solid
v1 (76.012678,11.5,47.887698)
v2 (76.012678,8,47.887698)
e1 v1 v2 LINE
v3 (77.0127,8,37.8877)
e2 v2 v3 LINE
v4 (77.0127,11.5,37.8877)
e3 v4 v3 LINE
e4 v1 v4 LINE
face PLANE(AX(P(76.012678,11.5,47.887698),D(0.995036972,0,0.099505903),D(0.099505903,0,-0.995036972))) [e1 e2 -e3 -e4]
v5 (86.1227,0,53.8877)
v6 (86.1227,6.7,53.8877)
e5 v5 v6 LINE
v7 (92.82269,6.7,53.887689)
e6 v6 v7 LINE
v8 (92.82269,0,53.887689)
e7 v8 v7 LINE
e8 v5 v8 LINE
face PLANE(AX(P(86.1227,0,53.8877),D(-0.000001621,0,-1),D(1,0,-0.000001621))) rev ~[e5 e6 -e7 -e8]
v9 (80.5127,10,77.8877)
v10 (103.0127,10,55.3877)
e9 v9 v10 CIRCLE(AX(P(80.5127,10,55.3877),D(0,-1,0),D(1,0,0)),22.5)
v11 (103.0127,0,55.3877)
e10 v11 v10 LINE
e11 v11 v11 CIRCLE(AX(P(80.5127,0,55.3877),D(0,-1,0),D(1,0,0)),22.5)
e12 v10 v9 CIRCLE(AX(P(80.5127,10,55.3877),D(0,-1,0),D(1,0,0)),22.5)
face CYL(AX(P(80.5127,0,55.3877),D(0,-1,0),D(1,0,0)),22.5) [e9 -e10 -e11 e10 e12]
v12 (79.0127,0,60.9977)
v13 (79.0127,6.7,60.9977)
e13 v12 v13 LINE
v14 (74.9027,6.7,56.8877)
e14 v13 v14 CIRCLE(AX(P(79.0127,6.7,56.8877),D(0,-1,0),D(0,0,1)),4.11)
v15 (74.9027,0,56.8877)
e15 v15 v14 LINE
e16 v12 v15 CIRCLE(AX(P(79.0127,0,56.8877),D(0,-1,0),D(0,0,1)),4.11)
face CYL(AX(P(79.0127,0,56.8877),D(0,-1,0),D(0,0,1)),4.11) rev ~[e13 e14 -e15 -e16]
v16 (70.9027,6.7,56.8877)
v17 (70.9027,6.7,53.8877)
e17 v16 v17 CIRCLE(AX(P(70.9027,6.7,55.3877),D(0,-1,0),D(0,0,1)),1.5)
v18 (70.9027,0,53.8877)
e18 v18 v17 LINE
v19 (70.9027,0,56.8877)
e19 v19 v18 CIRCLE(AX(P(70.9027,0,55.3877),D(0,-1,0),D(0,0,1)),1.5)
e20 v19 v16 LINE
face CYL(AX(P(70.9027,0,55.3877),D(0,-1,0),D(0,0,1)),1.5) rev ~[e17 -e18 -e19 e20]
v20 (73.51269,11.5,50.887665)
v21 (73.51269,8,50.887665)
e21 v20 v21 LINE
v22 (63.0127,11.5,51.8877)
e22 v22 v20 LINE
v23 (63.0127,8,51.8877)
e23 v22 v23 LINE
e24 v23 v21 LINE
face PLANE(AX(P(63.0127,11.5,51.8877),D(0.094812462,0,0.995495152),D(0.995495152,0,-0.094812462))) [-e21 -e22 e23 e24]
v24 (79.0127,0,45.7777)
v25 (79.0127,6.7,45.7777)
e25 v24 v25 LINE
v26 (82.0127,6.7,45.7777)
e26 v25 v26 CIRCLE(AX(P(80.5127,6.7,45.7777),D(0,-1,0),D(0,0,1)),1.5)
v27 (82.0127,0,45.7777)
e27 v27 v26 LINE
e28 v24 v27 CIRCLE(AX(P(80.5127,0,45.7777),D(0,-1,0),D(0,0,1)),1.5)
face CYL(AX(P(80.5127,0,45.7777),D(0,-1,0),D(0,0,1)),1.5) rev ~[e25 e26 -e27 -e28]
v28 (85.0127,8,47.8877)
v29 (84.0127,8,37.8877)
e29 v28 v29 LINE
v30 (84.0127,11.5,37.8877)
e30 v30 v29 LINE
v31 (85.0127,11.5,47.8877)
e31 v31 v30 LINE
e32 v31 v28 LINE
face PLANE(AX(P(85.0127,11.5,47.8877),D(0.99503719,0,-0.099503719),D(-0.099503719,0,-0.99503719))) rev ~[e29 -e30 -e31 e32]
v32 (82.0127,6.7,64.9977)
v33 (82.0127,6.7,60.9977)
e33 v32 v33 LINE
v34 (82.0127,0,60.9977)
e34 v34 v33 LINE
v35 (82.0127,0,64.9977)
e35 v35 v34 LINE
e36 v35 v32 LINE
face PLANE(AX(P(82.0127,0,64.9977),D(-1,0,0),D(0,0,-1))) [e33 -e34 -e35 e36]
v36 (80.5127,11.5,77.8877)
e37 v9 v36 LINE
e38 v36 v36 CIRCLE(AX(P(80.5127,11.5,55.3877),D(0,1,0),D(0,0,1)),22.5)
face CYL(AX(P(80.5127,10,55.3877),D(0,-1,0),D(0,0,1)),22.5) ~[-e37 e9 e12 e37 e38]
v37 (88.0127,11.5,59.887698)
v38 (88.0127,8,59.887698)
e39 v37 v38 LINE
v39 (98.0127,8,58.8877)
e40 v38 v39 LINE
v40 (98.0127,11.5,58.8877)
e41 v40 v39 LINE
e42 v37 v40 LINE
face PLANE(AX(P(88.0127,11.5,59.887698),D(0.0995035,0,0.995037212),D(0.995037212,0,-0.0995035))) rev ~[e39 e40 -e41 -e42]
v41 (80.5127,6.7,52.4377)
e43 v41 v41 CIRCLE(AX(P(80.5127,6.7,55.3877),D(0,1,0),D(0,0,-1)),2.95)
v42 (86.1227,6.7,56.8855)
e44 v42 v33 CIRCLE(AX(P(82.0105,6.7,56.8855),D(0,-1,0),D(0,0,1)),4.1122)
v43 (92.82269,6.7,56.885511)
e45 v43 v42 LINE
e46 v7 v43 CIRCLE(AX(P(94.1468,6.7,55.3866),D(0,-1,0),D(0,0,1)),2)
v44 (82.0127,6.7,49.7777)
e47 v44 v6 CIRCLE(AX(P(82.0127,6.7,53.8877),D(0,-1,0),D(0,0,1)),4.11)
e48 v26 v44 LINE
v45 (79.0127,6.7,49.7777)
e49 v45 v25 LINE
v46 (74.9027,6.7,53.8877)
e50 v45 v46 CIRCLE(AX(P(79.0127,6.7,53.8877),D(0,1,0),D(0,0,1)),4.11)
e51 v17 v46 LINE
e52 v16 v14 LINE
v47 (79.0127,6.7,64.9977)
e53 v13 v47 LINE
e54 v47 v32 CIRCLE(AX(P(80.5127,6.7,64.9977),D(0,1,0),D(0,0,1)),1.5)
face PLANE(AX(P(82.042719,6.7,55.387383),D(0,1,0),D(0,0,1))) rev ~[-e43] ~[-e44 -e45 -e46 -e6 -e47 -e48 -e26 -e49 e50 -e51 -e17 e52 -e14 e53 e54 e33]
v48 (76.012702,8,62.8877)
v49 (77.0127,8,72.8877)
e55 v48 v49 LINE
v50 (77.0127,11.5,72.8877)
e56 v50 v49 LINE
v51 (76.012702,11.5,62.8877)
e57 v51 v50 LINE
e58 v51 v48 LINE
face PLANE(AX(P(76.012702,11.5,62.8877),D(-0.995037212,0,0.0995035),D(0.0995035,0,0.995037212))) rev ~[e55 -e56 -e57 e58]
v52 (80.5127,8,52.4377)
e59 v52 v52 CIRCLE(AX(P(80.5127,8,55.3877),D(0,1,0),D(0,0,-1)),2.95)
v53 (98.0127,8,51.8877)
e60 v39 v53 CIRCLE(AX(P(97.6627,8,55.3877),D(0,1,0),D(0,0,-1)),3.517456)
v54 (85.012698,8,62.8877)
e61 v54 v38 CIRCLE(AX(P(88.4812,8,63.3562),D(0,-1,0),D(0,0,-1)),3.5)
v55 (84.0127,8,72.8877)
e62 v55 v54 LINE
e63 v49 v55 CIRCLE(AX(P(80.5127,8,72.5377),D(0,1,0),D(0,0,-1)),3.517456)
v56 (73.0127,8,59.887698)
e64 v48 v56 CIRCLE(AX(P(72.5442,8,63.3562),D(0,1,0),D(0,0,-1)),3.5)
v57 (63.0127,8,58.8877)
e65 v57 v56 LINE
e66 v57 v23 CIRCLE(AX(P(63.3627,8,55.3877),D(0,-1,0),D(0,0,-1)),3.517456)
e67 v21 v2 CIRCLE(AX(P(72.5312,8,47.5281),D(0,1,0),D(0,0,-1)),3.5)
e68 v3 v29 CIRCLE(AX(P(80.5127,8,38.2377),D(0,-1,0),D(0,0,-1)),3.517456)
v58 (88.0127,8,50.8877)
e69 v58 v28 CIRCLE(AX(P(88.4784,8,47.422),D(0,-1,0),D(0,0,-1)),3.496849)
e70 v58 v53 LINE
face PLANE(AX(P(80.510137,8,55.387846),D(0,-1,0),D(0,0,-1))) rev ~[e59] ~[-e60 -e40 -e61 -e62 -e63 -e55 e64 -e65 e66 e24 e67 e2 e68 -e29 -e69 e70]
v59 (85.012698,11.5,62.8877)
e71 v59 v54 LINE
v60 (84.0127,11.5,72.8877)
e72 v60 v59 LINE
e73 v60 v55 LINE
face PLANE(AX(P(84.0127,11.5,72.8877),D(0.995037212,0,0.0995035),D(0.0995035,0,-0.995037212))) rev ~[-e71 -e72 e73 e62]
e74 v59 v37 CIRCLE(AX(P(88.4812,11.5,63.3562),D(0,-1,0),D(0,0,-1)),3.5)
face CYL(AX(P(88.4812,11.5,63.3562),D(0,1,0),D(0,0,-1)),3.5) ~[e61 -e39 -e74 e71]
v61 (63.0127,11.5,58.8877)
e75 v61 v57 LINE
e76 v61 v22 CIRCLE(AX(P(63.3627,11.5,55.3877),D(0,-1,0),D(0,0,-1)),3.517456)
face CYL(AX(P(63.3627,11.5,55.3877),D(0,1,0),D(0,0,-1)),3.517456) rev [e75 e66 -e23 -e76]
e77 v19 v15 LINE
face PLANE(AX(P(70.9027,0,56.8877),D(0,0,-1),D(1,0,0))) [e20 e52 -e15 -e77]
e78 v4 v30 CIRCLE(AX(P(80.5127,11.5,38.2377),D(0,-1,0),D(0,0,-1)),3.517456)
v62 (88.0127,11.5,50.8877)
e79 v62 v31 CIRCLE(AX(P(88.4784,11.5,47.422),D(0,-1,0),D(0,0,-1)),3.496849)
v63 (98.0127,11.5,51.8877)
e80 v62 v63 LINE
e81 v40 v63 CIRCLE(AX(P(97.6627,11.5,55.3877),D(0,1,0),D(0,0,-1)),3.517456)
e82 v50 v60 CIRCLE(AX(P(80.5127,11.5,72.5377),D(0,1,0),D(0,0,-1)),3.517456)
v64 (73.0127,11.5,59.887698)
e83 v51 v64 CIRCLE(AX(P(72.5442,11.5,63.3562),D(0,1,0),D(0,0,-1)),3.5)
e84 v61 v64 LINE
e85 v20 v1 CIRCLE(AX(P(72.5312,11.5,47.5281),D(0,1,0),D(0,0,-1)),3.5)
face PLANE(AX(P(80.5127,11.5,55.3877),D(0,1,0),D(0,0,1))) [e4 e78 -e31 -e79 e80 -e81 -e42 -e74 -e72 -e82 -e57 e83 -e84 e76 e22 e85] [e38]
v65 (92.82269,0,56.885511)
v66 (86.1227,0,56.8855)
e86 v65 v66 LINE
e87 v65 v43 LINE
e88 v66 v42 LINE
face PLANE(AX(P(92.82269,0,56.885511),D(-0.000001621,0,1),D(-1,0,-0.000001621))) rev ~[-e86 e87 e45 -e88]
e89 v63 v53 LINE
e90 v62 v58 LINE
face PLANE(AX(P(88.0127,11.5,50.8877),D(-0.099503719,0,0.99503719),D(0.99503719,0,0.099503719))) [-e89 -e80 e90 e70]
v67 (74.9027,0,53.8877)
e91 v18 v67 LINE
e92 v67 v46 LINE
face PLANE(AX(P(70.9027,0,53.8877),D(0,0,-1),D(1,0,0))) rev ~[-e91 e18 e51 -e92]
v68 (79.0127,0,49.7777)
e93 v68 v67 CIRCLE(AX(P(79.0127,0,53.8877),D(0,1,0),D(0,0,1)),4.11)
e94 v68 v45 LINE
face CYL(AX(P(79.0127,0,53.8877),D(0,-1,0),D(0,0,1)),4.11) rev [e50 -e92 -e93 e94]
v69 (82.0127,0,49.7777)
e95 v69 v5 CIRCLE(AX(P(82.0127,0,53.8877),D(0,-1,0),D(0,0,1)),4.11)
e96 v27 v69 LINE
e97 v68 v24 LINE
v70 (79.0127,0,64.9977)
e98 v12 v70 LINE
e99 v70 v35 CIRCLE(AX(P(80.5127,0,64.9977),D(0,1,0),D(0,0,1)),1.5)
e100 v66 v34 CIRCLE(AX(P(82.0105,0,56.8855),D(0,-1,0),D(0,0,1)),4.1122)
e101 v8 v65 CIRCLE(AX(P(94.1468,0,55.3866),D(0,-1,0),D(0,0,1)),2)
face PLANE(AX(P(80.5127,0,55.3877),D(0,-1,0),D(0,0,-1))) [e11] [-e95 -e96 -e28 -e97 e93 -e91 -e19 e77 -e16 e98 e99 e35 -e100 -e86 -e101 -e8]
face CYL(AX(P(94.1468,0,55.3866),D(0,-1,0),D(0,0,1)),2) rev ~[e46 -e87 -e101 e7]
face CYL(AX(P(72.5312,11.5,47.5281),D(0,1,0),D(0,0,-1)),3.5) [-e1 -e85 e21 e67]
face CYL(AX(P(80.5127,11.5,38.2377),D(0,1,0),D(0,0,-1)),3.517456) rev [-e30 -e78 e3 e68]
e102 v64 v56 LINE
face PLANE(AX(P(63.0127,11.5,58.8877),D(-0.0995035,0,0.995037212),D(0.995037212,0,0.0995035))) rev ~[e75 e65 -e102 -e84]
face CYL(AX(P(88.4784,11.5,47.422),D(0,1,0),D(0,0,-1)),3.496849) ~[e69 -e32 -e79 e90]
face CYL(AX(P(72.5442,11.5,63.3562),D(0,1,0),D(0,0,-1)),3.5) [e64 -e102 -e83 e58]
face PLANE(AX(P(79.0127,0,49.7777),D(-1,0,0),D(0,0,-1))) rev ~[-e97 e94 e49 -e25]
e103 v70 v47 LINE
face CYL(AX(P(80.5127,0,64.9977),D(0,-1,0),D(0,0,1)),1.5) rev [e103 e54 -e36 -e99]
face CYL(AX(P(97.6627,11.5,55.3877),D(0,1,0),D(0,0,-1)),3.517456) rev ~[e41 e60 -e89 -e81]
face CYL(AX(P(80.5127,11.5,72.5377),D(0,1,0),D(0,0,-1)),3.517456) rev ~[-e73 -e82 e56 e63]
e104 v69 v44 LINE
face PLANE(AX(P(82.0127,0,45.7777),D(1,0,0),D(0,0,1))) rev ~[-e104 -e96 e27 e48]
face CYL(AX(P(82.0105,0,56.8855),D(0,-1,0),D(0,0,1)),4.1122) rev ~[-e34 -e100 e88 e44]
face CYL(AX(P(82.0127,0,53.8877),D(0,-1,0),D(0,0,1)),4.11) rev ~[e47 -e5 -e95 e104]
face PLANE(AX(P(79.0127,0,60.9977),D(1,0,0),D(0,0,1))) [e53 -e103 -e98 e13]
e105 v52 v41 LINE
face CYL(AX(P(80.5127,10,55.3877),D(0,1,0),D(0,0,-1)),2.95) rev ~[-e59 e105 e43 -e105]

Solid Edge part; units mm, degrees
sketch "Sketch1" plane through (0, 0, 0) normal (0, -1, 0) x (1, 0, 0)
  circle A0 centre (80.5127, 55.3877) radius 22.5
  dimension "D1" = 45
extrude "Protrusion1" add sketch "Sketch1" against normal blind 10
sketch "Sketch2" plane through (80.5127, 10, 55.3877) normal (0, 1, 0) x (0, 0, -1)
  circle A0 centre (0, 0) radius 2.95
  dimension "D1" = 5.9
extrude "ExtrudedCutout_5" cut sketch "Sketch2" against normal blind 4
sketch "Sketch3" plane through (80.5127, 6, 55.3877) normal (0, 1, 0) x (-1, 0, 0)
  circle A0 centre (0, 0) radius 1.05
  dimension "D1" = 2.1
extrude "Cutout1" cut sketch "Sketch3" against normal up to next
sketch "Sketch4" plane through (80.5127, 5, 51.1598) normal (0, -1, 0) x (1, 0, 0)
  circle A0 centre (0, 4.2279) radius 3.55
extrude "ExtrudedCutout_7" cut sketch "Sketch4" against normal blind 0.5
chamfer "Chamfer_2" distance 1.9 distance2 0.5 1 edges at (80.5127, 6, 58.3377) measured on face at (78.605, 6, 53.362)
sketch "Sketch5" plane through (80.5127, 10, 55.3877) normal (0, 1, 0) x (0, 0, 1)
  circle A0 centre (0, 0) radius 22.5
  circle A1 centre (0, 0) radius 3
  dimension "D1" = 45
extrude "ExtrudedProtrusion_4" add sketch "Sketch5" along normal blind 1.5
sketch "Sketch6" plane through (80.5127, 0, 55.3877) normal (0, -1, 0) x (0, 0, 1)
  line L0 (1.5, 9.61) -> (1.5, 5.61)
  arc A0 (5.61, 1.5) -> (1.5, 5.61) centre (1.5, 1.5) ccw
  line L1 (5.61, 1.5) -> (9.61, 1.5)
  arc A1 (9.61, 1.5) -> (9.61, -1.5) centre (9.61, 0) cw
  line L2 (9.61, -1.5) -> (5.61, -1.5)
  arc A2 (1.4978, -5.61) -> (5.61, -1.5) centre (1.4978, -1.4978) ccw
  line L3 (1.4978, -12.31) -> (1.4978, -5.61)
  arc A3 (-1.5, -12.31) -> (1.4978, -12.31) centre (-0.0011, -13.6341) ccw
  line L4 (-1.5, -5.61) -> (-1.5, -12.31)
  arc A4 (-5.61, -1.5) -> (-1.5, -5.61) centre (-1.5, -1.5) ccw
  line L5 (-9.61, -1.5) -> (-5.61, -1.5)
  arc A5 (-9.61, 1.5) -> (-9.61, -1.5) centre (-9.61, 0) ccw
  line L6 (-5.61, 1.5) -> (-9.61, 1.5)
  arc A6 (-5.61, 1.5) -> (-1.5, 5.61) centre (-1.5, 1.5) cw
  line L7 (-1.5, 9.61) -> (-1.5, 5.61)
  arc A7 (1.5, 9.61) -> (-1.5, 9.61) centre (0, 9.61) ccw
  dimension "D1" = 4
  dimension "D2" = 5.61
  dimension "D3" = 1.5
  dimension "D4" = 1.5
  dimension "D5" = 4
  dimension "D6" = 4
  dimension "D7" = 1.5
  dimension "D8" = 4
  dimension "D9" = 4
  dimension "D10" = 1.5
  dimension "D11" = 5.61
  dimension "D12" = 5.61
  dimension "D13" = 6.7
  dimension "D14" = 5.61
  dimension "D15" = 1.5
  dimension "D16" = 6.7
  dimension "D17" = 4
  dimension "D18" = 2
extrude "ExtrudedCutout_9" cut sketch "Sketch6" against normal blind 6.7
sketch "Sketch7" plane through (80.5127, 11.5, 55.3877) normal (0, 1, 0) x (0, 0, -1)
  arc A0 (-7.5, 4.5) -> (-4.5, 7.5) centre (-7.9685, 7.9685) ccw
  line L0 (-3.5, 17.5) -> (-4.5, 7.5)
  arc A1 (-3.5, 17.5) -> (3.5, 17.5) centre (0, 17.15) cw
  line L1 (3.5, 17.5) -> (4.5, 7)
  arc A2 (4.5, 7) -> (7.5, 4.5) centre (7.8596, 7.9815) ccw
  line L2 (7.5, 4.5) -> (17.5, 3.5)
  arc A3 (17.5, 3.5) -> (17.5, -3.5) centre (17.15, 0) cw
  line L3 (7.5, -4.5) -> (17.5, -3.5)
  arc A4 (4.5, -7.5) -> (7.5, -4.5) centre (7.9657, -7.9657) cw
  line L4 (4.5, -7.5) -> (3.5, -17.5)
  arc A5 (-3.5, -17.5) -> (3.5, -17.5) centre (0, -17.15) ccw
  line L5 (-4.5, -7.5) -> (-3.5, -17.5)
  arc A6 (-7.5, -4.5) -> (-4.5, -7.5) centre (-7.9685, -7.9685) cw
  line L6 (-17.5, -3.5) -> (-7.5, -4.5)
  arc A7 (-17.5, 3.5) -> (-17.5, -3.5) centre (-17.15, 0) ccw
  line L7 (-7.5, 4.5) -> (-17.5, 3.5)
extrude "ExtrudedCutout_10" cut sketch "Sketch7" against normal blind 3.5
